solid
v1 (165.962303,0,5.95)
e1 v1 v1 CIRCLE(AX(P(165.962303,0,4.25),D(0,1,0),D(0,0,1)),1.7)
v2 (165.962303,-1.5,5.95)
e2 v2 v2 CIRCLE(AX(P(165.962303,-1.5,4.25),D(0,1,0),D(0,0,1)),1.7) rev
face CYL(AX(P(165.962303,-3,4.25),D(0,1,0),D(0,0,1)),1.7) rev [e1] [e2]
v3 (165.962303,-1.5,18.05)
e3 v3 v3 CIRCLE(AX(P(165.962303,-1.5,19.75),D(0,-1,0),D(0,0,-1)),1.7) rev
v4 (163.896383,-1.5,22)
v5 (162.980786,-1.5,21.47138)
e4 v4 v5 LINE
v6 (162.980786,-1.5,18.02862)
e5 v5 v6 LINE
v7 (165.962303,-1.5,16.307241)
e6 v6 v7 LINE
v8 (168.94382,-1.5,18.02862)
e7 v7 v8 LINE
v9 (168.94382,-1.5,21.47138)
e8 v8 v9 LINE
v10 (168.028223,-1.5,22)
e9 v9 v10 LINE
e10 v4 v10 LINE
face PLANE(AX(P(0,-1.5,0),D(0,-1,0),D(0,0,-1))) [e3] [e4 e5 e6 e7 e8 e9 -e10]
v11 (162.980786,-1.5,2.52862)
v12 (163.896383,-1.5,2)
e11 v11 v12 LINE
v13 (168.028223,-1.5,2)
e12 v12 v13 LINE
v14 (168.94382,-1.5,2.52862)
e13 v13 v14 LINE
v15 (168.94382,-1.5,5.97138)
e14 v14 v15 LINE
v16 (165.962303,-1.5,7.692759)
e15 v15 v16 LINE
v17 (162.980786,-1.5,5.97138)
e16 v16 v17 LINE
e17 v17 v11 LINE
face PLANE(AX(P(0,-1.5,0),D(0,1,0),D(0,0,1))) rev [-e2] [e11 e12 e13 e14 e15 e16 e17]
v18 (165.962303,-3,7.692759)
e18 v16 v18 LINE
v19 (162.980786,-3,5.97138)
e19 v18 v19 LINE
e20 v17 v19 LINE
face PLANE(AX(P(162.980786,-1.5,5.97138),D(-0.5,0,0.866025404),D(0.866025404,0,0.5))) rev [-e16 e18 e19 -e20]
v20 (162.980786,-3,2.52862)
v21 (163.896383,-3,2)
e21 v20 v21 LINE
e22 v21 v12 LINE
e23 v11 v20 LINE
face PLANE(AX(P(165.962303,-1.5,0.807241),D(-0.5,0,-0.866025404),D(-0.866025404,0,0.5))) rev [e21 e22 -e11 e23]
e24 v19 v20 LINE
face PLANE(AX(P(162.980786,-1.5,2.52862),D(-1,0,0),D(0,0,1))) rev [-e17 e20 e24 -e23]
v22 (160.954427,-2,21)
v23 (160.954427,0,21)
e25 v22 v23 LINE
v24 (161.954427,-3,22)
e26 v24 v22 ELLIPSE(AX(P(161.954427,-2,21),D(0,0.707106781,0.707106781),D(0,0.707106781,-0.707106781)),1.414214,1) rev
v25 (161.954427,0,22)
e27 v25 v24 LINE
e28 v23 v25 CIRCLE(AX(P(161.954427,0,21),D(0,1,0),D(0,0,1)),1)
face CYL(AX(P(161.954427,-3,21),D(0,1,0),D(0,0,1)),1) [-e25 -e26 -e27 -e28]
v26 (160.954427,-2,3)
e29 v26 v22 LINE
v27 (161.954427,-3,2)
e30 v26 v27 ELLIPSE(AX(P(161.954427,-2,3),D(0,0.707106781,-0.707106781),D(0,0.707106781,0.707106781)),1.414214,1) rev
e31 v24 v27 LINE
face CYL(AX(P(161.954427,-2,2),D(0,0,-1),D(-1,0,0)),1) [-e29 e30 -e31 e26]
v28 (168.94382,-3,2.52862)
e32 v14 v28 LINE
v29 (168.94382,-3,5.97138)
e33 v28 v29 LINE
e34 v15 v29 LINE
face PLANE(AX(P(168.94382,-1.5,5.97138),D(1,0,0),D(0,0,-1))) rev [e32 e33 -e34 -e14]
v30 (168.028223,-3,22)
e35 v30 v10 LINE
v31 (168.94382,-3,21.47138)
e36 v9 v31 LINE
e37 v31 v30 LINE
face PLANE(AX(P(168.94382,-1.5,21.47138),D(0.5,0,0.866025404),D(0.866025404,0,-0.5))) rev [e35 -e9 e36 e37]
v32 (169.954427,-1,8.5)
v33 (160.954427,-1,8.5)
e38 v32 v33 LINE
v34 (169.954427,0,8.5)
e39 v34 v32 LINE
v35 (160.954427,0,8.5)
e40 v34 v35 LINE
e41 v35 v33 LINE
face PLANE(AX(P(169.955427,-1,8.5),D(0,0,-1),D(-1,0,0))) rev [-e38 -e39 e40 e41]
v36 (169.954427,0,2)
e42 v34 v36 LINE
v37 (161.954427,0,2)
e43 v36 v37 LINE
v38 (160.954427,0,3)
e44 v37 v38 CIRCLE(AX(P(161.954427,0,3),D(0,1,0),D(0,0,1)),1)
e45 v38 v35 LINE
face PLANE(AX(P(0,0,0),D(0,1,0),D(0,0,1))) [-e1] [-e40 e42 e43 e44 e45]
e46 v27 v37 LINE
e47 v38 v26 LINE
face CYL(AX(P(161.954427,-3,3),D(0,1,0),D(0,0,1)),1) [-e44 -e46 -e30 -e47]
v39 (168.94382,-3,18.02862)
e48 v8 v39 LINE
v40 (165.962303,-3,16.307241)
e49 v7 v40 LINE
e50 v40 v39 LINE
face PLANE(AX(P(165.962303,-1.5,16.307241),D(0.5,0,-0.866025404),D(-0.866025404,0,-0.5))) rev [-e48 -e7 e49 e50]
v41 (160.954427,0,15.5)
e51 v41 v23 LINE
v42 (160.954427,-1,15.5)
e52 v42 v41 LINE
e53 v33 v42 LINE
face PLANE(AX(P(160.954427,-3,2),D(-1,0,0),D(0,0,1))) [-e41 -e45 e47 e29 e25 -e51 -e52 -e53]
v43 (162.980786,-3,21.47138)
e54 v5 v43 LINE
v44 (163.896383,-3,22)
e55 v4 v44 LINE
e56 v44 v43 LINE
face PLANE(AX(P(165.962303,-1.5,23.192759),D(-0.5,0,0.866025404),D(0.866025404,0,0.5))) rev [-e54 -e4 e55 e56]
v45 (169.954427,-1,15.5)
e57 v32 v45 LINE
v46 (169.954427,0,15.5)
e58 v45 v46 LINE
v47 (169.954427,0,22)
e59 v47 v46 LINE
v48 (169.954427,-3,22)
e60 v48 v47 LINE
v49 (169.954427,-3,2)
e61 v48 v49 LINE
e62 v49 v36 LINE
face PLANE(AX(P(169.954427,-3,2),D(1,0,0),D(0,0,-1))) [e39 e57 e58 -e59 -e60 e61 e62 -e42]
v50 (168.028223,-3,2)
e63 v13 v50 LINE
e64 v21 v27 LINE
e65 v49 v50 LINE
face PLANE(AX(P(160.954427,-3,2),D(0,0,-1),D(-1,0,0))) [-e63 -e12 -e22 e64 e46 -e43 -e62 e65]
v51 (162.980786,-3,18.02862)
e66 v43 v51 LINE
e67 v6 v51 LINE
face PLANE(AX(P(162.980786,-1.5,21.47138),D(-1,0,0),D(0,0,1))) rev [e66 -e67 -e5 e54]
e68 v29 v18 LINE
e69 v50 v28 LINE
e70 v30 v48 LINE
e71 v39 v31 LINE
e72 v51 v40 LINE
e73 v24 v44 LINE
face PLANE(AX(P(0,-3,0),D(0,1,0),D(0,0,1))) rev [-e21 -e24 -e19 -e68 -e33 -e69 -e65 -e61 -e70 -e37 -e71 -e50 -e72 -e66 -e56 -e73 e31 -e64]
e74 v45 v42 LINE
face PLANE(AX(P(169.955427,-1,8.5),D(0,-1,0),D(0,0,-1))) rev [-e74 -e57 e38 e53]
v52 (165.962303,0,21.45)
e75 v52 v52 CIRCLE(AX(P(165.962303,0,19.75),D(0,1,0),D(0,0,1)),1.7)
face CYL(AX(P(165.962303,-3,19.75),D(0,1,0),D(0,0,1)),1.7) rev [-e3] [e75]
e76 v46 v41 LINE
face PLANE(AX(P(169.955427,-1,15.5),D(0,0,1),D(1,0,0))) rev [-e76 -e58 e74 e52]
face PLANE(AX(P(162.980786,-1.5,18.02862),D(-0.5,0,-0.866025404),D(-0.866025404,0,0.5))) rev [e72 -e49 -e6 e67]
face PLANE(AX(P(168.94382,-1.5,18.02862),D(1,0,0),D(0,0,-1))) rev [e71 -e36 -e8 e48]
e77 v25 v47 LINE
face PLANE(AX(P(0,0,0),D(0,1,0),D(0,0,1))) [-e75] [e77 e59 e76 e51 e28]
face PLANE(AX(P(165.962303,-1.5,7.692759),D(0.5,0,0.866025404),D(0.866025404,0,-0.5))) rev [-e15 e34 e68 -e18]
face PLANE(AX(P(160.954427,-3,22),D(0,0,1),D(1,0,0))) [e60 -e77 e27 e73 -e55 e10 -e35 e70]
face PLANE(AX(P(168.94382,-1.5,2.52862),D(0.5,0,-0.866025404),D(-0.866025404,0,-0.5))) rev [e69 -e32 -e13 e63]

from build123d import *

# Parameters (mm, degrees)
CROQUIS1_W              = 9
CROQUIS1_H              = 20
CROQUIS1_R              = 1.7
SALIENTE_EXTRUIR1_DEPTH = 3
CORTAR_EXTRUIR2_DEPTH   = 1.5
CORTAR_EXTRUIR3_REACH   = 25.958
CROQUIS3_W              = 7
CROQUIS3_H              = 1
REDONDEO1_R             = 1


with BuildPart() as part:
    # Croquis1 → Saliente-Extruir1 (new body)
    with BuildSketch(Plane(origin=(0, 0, 0), x_dir=(1, 0, 0), z_dir=(0, 1, 0))):
        with Locations((165.454426616, -12)):
            Rectangle(CROQUIS1_W, CROQUIS1_H)
        with Locations(Location((165.962302832, -4.25, 0), (0, 0, 270))):
            Circle(CROQUIS1_R, mode=Mode.SUBTRACT)
        with Locations(Location((165.962302832, -19.75, 0), (0, 0, 270))):
            Circle(CROQUIS1_R, mode=Mode.SUBTRACT)
    extrude(amount=-SALIENTE_EXTRUIR1_DEPTH)

    # Croquis2 → Cortar-Extruir2 (cut)
    with BuildSketch(Plane.XZ.offset(3)):
        Polygon((168.943819954, 21.471379713), (165.962302832, 23.192759426), (162.98078571, 21.471379713), (162.98078571, 18.028620287), (165.962302832, 16.307240574), (168.943819954, 18.028620287), align=None)
        Polygon((168.943819954, 5.971379713), (168.943819954, 2.528620287), (165.962302832, 0.807240574), (162.98078571, 2.528620287), (162.98078571, 5.971379713), (165.962302832, 7.692759426), align=None)
    extrude(amount=-CORTAR_EXTRUIR2_DEPTH, mode=Mode.SUBTRACT)

    # Croquis3 → Cortar-Extruir3 (cut, up to next)
    with BuildSketch(Plane.ZY.offset(-160.954426616), mode=Mode.PRIVATE) as cortar_extruir3_sk1:
        with Locations((12, -0.5)):
            Rectangle(CROQUIS3_W, CROQUIS3_H)
    cortar_extruir3_tool1 = extrude(cortar_extruir3_sk1.sketch, amount=-CORTAR_EXTRUIR3_REACH, mode=Mode.PRIVATE) & part.part
    add(cortar_extruir3_tool1.solids().sort_by_distance((160.954427, -0.5, 12))[0], mode=Mode.SUBTRACT)

    # Redondeo1
    redondeo1_edges = [part.edges().sort_by_distance(p)[0] for p in [
        (160.954426616, -3, 12),
        (160.954426616, -1.5, 2),
        (160.954426616, -1.5, 22),
    ]]
    fillet(redondeo1_edges, radius=REDONDEO1_R)


solid = part.part
